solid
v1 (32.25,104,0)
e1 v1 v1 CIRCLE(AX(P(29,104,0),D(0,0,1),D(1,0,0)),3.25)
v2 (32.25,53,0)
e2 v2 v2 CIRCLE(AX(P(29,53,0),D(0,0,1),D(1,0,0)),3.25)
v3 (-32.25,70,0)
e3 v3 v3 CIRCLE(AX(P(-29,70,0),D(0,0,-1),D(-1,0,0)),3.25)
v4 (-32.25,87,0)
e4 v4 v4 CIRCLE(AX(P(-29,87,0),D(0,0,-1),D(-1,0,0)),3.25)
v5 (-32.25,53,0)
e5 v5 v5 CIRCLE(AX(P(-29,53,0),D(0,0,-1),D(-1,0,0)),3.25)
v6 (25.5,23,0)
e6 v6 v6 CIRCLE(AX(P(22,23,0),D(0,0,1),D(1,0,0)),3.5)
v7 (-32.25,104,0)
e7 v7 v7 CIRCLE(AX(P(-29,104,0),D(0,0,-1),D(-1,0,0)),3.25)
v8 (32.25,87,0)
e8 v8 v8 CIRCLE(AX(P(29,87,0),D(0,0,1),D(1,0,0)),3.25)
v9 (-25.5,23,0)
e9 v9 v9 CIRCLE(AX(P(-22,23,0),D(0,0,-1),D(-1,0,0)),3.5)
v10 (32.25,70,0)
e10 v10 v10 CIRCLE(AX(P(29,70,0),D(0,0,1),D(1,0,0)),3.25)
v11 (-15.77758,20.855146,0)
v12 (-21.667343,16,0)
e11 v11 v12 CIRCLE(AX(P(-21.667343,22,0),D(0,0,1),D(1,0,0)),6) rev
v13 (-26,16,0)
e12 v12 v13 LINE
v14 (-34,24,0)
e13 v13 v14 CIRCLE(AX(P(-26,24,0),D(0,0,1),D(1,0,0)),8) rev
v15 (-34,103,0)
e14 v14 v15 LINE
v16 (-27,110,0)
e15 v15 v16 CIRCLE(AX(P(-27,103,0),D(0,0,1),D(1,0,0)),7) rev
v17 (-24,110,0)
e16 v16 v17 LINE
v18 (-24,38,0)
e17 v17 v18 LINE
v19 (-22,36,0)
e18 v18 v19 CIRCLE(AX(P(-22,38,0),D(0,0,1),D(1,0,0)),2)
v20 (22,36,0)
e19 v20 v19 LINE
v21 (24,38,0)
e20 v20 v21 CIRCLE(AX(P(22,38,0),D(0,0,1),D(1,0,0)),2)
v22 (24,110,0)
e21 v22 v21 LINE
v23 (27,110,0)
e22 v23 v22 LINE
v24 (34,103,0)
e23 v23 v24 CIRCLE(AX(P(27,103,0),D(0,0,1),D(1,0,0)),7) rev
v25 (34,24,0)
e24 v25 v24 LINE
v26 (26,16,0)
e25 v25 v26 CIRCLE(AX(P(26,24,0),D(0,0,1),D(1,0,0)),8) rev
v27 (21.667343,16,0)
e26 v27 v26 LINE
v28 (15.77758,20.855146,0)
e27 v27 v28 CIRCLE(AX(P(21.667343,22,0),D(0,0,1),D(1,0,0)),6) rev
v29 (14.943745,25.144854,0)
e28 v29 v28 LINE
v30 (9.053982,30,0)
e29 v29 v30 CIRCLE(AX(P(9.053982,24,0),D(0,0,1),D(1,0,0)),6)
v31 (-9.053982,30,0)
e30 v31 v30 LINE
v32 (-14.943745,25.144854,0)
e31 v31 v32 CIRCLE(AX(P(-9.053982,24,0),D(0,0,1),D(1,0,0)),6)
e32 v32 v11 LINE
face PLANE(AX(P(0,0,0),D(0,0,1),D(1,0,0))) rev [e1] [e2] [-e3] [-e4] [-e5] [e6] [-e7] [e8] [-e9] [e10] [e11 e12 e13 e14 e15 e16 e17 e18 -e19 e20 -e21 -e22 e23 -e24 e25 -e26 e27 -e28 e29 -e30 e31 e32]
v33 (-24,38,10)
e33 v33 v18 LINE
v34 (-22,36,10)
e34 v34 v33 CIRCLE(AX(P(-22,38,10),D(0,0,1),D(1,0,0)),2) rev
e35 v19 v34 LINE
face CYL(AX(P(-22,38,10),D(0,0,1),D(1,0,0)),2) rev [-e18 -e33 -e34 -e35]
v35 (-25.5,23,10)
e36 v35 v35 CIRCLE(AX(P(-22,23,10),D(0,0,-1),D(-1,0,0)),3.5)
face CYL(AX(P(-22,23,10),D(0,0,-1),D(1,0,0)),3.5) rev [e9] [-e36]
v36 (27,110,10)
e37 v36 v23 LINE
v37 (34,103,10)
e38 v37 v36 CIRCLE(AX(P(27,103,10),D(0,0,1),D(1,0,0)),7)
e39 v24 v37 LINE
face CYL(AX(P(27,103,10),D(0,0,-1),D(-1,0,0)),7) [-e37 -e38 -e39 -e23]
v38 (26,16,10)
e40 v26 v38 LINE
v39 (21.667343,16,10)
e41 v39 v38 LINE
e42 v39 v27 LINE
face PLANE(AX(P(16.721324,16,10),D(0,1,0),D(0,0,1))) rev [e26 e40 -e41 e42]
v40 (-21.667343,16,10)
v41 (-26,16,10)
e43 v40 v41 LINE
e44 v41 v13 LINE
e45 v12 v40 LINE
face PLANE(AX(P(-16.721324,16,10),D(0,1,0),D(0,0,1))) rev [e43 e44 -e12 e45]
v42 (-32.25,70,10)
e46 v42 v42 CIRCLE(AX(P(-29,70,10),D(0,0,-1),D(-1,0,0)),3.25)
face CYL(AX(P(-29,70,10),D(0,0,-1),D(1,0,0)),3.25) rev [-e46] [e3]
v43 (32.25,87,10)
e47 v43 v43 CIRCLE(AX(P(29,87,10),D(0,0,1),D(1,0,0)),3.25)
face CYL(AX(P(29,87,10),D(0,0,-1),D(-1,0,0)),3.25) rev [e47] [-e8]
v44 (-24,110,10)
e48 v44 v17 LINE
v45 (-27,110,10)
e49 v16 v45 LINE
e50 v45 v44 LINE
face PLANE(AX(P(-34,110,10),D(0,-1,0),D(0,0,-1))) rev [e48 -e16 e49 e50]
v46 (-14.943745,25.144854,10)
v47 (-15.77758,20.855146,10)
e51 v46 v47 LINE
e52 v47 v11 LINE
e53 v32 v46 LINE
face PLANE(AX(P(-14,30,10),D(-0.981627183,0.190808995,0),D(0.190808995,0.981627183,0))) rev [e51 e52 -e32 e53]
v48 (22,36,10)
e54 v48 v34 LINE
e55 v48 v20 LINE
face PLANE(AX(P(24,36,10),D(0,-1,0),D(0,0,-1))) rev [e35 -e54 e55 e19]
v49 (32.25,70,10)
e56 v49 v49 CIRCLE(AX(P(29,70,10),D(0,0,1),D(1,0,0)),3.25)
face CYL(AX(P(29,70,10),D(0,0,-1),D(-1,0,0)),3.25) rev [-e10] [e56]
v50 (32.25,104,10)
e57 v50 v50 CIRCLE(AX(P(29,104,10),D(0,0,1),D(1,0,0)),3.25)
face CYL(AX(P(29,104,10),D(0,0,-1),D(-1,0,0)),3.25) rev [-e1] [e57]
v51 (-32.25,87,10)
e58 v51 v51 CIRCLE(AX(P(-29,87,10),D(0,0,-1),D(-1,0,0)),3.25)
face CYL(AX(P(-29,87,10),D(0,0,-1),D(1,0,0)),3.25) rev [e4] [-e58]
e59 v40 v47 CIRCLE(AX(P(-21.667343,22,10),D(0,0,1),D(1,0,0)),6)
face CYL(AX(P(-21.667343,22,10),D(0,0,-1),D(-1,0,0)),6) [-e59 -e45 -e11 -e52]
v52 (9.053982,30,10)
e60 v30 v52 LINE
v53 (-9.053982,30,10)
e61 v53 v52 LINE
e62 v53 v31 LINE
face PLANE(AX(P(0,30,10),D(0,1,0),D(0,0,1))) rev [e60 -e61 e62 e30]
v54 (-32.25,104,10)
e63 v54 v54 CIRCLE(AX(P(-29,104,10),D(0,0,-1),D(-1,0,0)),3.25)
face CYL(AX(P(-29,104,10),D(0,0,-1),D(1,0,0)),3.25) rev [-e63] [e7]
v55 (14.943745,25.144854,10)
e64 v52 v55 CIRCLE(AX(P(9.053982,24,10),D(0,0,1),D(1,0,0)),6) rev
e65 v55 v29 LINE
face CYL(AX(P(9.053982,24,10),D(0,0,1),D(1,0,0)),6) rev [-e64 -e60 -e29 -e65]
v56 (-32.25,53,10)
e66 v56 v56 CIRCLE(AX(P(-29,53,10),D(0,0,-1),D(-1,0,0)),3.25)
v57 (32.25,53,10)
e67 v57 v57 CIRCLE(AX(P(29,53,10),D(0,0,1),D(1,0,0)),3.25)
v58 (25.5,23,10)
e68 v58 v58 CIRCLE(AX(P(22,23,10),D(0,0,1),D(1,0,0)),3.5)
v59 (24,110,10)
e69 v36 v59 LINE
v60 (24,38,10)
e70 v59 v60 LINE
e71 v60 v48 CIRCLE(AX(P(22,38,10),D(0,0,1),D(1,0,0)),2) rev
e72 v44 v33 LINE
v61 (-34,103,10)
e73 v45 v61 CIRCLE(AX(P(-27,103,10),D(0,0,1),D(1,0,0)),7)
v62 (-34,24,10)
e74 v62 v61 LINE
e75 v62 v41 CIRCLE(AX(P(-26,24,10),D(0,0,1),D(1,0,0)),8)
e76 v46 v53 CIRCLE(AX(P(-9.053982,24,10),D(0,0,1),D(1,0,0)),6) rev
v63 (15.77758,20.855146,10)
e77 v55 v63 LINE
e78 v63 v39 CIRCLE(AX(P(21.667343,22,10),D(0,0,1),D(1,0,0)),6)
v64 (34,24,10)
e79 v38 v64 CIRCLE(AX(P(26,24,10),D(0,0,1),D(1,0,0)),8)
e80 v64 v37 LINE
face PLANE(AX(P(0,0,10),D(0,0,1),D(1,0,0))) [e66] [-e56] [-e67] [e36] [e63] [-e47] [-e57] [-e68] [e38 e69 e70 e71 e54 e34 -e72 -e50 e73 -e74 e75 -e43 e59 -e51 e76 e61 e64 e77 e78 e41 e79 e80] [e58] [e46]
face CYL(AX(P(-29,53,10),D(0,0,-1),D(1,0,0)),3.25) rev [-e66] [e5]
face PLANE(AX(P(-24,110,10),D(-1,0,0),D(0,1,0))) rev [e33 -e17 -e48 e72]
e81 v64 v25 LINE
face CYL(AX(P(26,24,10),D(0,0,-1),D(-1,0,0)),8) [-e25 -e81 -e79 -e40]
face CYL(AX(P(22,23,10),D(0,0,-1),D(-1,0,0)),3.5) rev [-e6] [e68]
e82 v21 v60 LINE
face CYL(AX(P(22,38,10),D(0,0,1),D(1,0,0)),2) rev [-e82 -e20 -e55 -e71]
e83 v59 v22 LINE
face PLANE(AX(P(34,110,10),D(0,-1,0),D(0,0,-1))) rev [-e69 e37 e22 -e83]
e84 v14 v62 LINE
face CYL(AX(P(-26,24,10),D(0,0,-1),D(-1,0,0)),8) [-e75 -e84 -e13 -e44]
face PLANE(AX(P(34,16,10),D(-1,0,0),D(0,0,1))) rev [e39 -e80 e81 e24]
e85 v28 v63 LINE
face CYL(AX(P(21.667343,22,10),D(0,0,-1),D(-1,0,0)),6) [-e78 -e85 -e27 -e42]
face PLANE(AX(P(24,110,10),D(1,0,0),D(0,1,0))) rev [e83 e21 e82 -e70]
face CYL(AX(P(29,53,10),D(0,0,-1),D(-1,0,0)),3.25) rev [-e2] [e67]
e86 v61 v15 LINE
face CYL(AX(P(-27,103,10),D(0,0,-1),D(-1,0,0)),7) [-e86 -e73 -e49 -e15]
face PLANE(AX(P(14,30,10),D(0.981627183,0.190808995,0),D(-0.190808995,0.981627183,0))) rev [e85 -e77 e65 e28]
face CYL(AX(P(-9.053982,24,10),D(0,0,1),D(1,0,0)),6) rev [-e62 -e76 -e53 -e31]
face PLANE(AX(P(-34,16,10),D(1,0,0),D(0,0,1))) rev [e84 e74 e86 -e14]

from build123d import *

# Parameters (mm, degrees)
ESQUISSE1_R        = 3.25
ESQUISSE1_R_2      = 3.5
BOSS_EXTRU_1_DEPTH = 10
CONG_1_R           = 6
CONG_2_R           = 8
CONG_3_R           = 7
CONG_4_R           = 2


with BuildPart() as part:
    # Esquisse1 → Boss.-Extru.1 (new body)
    with BuildSketch(Plane.XY):
        Polygon((24, 110), (24, 36), (0, 36), (0, 30), (14, 30), (16.721324328, 16), (34, 16), (34, 110), align=None)
        with Locations((29, 104)):
            Circle(ESQUISSE1_R, mode=Mode.SUBTRACT)
        with Locations((22, 23)):
            Circle(ESQUISSE1_R_2, mode=Mode.SUBTRACT)
        with Locations((29, 87)):
            Circle(ESQUISSE1_R, mode=Mode.SUBTRACT)
        with Locations((29, 70)):
            Circle(ESQUISSE1_R, mode=Mode.SUBTRACT)
        with Locations((29, 53)):
            Circle(ESQUISSE1_R, mode=Mode.SUBTRACT)
    boss_extru_1 = extrude(amount=BOSS_EXTRU_1_DEPTH)

    # Symétrie2: Boss.-Extru.1 across plane
    add(boss_extru_1.mirror(Plane(origin=(0, 36, 10), x_dir=(0, 0, 1), z_dir=(1, 0, 0))))

    # Congé1
    cong_1_edges = [part.edges().sort_by_distance(p)[0] for p in [
        (16.721324328, 16, 5),
        (14, 30, 5),
        (-14, 30, 5),
        (-16.721324328, 16, 5),
    ]]
    fillet(cong_1_edges, radius=CONG_1_R)

    # Congé2
    cong_2_edges = [part.edges().sort_by_distance(p)[0] for p in [
        (34, 16, 5),
        (-34, 16, 5),
    ]]
    fillet(cong_2_edges, radius=CONG_2_R)

    # Congé3
    cong_3_edges = [part.edges().sort_by_distance(p)[0] for p in [
        (34, 110, 5),
        (-34, 110, 5),
    ]]
    fillet(cong_3_edges, radius=CONG_3_R)

    # Congé4
    cong_4_edges = [part.edges().sort_by_distance(p)[0] for p in [
        (24, 36, 5),
        (-24, 36, 5),
    ]]
    fillet(cong_4_edges, radius=CONG_4_R)


solid = part.part
